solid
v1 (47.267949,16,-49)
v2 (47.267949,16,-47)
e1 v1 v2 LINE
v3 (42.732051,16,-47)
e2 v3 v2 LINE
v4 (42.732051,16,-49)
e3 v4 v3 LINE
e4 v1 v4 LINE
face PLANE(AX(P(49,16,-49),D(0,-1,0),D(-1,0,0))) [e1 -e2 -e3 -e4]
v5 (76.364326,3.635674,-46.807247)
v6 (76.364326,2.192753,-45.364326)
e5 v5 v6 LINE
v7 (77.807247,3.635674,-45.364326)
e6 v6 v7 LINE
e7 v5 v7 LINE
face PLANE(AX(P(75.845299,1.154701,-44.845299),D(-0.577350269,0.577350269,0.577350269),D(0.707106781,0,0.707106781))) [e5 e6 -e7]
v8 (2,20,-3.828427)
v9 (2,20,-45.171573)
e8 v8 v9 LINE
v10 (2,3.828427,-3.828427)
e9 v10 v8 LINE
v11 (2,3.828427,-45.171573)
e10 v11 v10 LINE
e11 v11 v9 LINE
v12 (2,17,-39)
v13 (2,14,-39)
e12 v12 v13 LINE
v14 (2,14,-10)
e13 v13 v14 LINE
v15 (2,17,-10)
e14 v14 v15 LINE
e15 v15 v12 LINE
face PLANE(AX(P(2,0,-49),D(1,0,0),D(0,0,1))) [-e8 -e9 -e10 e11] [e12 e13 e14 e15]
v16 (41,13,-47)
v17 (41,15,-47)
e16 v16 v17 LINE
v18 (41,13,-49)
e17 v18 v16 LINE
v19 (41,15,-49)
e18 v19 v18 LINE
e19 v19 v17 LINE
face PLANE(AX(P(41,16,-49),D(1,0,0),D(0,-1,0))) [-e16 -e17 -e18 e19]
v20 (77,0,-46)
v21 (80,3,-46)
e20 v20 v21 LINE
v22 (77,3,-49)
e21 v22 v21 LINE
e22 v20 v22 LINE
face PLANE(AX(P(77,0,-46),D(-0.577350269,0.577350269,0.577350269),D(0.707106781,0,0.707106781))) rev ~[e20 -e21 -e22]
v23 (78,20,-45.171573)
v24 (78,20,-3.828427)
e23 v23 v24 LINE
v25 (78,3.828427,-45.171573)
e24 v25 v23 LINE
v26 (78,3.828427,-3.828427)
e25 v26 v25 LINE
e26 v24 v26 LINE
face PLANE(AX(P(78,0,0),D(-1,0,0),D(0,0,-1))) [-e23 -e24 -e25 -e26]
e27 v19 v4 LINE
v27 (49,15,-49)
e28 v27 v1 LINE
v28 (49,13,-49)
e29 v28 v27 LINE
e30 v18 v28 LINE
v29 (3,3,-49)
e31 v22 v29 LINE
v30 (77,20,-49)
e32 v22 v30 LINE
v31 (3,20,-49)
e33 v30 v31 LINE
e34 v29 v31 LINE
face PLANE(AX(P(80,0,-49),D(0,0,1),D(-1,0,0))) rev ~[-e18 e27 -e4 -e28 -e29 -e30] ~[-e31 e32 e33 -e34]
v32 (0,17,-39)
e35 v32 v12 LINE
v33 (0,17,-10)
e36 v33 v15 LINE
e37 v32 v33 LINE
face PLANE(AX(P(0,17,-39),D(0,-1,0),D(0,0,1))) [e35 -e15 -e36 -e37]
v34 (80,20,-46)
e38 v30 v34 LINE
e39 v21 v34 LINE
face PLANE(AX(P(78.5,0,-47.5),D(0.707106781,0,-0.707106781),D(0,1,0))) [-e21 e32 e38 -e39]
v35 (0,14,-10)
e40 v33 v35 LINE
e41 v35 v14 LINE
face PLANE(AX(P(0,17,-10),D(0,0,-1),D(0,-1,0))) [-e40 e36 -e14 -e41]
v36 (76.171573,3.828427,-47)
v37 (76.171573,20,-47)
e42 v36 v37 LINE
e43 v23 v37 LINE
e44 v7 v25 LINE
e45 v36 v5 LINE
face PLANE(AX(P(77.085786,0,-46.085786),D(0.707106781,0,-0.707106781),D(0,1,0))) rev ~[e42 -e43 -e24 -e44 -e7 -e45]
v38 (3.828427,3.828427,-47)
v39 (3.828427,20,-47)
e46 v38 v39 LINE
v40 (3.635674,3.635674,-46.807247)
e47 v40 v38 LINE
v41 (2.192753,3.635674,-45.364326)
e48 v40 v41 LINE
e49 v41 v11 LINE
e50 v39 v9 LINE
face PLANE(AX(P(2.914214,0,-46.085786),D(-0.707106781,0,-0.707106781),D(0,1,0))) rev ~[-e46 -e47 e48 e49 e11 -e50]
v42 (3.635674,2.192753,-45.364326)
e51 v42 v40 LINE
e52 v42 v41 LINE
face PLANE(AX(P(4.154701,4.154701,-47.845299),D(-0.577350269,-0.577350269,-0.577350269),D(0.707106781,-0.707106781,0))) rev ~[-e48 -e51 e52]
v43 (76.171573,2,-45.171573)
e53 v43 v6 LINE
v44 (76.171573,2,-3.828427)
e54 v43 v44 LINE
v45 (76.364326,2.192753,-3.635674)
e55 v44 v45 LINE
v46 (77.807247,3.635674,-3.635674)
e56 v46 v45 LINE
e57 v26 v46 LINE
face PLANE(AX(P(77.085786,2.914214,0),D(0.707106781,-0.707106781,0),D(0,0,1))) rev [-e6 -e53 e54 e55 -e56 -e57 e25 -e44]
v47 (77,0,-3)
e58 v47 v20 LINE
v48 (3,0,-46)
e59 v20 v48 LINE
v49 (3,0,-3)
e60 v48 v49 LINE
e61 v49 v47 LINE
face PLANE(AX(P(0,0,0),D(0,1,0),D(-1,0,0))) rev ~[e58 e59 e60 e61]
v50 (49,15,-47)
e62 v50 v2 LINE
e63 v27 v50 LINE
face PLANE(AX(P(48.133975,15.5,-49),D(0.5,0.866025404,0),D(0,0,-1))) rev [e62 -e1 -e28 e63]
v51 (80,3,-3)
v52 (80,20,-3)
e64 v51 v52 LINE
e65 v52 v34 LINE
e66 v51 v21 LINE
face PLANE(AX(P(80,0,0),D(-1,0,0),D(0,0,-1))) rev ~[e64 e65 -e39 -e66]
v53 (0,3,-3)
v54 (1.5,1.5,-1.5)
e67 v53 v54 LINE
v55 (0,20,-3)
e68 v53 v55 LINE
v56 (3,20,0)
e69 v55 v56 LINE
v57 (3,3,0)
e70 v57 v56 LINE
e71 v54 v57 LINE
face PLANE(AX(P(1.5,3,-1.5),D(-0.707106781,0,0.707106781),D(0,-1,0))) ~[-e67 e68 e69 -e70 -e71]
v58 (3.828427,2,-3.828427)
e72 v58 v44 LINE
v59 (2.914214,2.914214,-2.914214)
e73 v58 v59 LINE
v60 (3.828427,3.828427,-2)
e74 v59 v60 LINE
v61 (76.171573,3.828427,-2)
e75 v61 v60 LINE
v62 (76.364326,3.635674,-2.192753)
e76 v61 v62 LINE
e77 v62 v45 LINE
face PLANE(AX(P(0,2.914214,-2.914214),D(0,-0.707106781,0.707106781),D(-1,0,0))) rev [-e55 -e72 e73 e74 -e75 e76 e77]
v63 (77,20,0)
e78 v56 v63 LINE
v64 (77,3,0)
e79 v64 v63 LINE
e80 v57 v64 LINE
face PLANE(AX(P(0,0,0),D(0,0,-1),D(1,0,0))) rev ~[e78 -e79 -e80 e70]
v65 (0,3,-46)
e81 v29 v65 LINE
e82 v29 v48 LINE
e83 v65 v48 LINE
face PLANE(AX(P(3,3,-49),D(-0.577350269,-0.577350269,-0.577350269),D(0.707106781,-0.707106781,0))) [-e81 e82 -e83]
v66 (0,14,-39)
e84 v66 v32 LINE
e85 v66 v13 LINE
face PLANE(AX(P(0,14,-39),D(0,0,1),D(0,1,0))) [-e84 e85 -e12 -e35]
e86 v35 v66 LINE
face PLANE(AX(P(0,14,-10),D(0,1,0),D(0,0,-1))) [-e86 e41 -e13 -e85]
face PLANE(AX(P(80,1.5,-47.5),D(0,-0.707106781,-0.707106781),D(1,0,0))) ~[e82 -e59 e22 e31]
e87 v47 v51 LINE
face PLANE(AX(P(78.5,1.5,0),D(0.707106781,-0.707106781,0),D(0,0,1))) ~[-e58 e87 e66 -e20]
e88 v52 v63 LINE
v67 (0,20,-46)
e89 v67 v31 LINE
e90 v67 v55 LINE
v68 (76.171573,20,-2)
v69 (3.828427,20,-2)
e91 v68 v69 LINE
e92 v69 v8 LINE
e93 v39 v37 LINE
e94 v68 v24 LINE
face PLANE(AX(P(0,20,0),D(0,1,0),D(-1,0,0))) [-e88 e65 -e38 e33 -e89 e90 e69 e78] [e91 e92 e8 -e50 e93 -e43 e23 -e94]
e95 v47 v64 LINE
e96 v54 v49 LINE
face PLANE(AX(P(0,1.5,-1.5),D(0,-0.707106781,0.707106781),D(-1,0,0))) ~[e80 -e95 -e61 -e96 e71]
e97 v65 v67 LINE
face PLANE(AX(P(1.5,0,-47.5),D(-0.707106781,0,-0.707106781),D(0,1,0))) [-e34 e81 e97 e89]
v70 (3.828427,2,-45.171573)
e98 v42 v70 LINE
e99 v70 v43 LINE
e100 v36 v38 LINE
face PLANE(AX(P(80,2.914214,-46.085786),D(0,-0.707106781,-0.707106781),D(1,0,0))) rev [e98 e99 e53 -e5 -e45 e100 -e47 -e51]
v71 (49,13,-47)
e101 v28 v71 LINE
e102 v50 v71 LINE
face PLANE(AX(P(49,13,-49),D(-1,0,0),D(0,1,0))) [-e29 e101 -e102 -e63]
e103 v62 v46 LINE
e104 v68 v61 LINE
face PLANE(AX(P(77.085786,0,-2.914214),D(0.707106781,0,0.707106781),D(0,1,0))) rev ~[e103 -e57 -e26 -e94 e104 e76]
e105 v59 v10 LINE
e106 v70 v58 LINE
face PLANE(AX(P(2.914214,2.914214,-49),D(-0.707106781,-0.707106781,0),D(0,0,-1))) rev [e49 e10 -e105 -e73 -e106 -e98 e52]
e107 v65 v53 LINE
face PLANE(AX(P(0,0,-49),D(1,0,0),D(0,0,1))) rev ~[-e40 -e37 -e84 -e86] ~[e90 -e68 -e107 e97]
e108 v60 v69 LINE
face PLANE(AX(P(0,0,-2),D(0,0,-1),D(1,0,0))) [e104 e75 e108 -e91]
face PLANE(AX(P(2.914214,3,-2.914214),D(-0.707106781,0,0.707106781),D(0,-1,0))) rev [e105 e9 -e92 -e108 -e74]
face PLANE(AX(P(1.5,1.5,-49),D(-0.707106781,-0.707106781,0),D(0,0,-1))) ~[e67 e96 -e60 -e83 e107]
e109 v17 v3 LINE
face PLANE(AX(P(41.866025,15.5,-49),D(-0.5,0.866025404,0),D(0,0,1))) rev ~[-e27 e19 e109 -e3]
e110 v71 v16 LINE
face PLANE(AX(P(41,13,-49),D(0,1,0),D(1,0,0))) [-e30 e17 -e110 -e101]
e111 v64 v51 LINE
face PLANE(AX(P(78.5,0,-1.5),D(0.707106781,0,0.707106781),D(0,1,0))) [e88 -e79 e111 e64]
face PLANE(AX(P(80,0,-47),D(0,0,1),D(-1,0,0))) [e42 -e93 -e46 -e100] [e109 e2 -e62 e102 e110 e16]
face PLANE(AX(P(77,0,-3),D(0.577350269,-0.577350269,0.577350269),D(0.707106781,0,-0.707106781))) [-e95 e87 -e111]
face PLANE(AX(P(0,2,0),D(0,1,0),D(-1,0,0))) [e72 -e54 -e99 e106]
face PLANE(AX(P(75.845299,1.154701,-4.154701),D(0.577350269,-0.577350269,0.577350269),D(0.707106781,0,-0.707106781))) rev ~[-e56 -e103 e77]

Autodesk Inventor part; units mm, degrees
ref_plane "YZ Plane" through (0, 0, 0) normal (1, 0, 0) x (0, 1, 0)
ref_plane "XZ Plane" through (0, 0, 0) normal (0, 1, 0) x (-1, 0, 0)
ref_plane "XY Plane" through (0, 0, 0) normal (0, 0, 1) x (1, 0, 0)
sketch "Náčrt1" plane through (0, 0, 0) normal (0, 1, 0) x (-1, 0, 0)
  line L0 (0, 0) -> (-80, 0)
  line L1 (-80, 0) -> (-80, -49)
  line L2 (-80, -49) -> (0, -49)
  line L3 (0, -49) -> (0, 0)
  dimension "d0" = 80
  dimension "d1" = 49
extrude "Vysunutí1" add sketch "Náčrt1" along normal blind 20
chamfer "Zkosení1" distance 3 angle 45 7 edges at (80, 10, 0) (40, 0, 0) (0, 0, -24.5) (0, 10, -49) (80, 10, -49) (40, 0, -49) (80, 0, -24.5)
chamfer "Zkosení2" distance 3 angle 45 1 edges at (0, 11.5, 0)
shell "Skořepina1" thickness 2 removed faces 1 at (27.6667, 20, -32.6667)
sketch "Náčrt2" plane through (0, 3, -46) normal (-1, 0, 0) x (0, 0, 1)
  line L0 (7, 14) -> (36, 14)
  line L1 (36, 14) -> (36, 11)
  line L2 (36, 11) -> (7, 11)
  line L3 (7, 11) -> (7, 14)
  line L4 (0, 0) -> (0, 17) projected
  line L5 (0, -3) -> (43, -3) projected
  line L6 (43, 0) -> (0, 0) projected
  line L7 (0, 17) -> (43, 17) projected
  point P0 (46, -3)
  dimension "d11" = 29
  dimension "d12" = 3
  dimension "d13" = 7
  dimension "d17" = 3
extrude "Vysunutí2" cut sketch "Náčrt2" against normal blind 2.5
sketch "Náčrt3" plane through (0, 14, -39) normal (0, 0, 1) x (1, 0, 0)
  point P0 (0, -14)
sketch "Náčrt4" plane through (77, 3, -49) normal (0, 0, -1) x (-1, 0, 0)
  line L0 (28, 13) -> (36, 13)
  line L1 (36, 13) -> (36, 10)
  line L2 (36, 10) -> (28, 10)
  line L3 (28, 10) -> (28, 13)
  line L4 (0, 0) -> (0, 17) projected
  line L5 (74, 0) -> (0, 0) projected
  line L6 (0, 17) -> (74, 17) projected
  point P0 (77, -3)
  dimension "d20" = 8
  dimension "d21" = 3
  dimension "d22" = 28
  dimension "d39" = 4
extrude "Vysunutí3" cut sketch "Náčrt4" against normal blind 2.5
chamfer "Zkosení3" distance 1 angle 60 1 edges at (49, 16, -48) measured on face at (49, 14, -48.3333)
chamfer "Zkosení4" distance 1 angle 60 1 edges at (41, 16, -48) measured on face at (41, 15, -48.3333)
sketch "Náčrt5" plane through (77, 3, 0) normal (0, 0, 1) x (1, 0, 0)
  point P0 (-77, -3)
sketch "Náčrt6" plane through (77, 3, -49) normal (0, 0, -1) x (-1, 0, 0)
  point P0 (77, -3)
sketch "Náčrt7" plane through (2, 3.8284, -3.8284) normal (1, 0, 0) x (0, 0, -1)
  point P0 (-3.8284, -3.8284)
properties part number "Base"
